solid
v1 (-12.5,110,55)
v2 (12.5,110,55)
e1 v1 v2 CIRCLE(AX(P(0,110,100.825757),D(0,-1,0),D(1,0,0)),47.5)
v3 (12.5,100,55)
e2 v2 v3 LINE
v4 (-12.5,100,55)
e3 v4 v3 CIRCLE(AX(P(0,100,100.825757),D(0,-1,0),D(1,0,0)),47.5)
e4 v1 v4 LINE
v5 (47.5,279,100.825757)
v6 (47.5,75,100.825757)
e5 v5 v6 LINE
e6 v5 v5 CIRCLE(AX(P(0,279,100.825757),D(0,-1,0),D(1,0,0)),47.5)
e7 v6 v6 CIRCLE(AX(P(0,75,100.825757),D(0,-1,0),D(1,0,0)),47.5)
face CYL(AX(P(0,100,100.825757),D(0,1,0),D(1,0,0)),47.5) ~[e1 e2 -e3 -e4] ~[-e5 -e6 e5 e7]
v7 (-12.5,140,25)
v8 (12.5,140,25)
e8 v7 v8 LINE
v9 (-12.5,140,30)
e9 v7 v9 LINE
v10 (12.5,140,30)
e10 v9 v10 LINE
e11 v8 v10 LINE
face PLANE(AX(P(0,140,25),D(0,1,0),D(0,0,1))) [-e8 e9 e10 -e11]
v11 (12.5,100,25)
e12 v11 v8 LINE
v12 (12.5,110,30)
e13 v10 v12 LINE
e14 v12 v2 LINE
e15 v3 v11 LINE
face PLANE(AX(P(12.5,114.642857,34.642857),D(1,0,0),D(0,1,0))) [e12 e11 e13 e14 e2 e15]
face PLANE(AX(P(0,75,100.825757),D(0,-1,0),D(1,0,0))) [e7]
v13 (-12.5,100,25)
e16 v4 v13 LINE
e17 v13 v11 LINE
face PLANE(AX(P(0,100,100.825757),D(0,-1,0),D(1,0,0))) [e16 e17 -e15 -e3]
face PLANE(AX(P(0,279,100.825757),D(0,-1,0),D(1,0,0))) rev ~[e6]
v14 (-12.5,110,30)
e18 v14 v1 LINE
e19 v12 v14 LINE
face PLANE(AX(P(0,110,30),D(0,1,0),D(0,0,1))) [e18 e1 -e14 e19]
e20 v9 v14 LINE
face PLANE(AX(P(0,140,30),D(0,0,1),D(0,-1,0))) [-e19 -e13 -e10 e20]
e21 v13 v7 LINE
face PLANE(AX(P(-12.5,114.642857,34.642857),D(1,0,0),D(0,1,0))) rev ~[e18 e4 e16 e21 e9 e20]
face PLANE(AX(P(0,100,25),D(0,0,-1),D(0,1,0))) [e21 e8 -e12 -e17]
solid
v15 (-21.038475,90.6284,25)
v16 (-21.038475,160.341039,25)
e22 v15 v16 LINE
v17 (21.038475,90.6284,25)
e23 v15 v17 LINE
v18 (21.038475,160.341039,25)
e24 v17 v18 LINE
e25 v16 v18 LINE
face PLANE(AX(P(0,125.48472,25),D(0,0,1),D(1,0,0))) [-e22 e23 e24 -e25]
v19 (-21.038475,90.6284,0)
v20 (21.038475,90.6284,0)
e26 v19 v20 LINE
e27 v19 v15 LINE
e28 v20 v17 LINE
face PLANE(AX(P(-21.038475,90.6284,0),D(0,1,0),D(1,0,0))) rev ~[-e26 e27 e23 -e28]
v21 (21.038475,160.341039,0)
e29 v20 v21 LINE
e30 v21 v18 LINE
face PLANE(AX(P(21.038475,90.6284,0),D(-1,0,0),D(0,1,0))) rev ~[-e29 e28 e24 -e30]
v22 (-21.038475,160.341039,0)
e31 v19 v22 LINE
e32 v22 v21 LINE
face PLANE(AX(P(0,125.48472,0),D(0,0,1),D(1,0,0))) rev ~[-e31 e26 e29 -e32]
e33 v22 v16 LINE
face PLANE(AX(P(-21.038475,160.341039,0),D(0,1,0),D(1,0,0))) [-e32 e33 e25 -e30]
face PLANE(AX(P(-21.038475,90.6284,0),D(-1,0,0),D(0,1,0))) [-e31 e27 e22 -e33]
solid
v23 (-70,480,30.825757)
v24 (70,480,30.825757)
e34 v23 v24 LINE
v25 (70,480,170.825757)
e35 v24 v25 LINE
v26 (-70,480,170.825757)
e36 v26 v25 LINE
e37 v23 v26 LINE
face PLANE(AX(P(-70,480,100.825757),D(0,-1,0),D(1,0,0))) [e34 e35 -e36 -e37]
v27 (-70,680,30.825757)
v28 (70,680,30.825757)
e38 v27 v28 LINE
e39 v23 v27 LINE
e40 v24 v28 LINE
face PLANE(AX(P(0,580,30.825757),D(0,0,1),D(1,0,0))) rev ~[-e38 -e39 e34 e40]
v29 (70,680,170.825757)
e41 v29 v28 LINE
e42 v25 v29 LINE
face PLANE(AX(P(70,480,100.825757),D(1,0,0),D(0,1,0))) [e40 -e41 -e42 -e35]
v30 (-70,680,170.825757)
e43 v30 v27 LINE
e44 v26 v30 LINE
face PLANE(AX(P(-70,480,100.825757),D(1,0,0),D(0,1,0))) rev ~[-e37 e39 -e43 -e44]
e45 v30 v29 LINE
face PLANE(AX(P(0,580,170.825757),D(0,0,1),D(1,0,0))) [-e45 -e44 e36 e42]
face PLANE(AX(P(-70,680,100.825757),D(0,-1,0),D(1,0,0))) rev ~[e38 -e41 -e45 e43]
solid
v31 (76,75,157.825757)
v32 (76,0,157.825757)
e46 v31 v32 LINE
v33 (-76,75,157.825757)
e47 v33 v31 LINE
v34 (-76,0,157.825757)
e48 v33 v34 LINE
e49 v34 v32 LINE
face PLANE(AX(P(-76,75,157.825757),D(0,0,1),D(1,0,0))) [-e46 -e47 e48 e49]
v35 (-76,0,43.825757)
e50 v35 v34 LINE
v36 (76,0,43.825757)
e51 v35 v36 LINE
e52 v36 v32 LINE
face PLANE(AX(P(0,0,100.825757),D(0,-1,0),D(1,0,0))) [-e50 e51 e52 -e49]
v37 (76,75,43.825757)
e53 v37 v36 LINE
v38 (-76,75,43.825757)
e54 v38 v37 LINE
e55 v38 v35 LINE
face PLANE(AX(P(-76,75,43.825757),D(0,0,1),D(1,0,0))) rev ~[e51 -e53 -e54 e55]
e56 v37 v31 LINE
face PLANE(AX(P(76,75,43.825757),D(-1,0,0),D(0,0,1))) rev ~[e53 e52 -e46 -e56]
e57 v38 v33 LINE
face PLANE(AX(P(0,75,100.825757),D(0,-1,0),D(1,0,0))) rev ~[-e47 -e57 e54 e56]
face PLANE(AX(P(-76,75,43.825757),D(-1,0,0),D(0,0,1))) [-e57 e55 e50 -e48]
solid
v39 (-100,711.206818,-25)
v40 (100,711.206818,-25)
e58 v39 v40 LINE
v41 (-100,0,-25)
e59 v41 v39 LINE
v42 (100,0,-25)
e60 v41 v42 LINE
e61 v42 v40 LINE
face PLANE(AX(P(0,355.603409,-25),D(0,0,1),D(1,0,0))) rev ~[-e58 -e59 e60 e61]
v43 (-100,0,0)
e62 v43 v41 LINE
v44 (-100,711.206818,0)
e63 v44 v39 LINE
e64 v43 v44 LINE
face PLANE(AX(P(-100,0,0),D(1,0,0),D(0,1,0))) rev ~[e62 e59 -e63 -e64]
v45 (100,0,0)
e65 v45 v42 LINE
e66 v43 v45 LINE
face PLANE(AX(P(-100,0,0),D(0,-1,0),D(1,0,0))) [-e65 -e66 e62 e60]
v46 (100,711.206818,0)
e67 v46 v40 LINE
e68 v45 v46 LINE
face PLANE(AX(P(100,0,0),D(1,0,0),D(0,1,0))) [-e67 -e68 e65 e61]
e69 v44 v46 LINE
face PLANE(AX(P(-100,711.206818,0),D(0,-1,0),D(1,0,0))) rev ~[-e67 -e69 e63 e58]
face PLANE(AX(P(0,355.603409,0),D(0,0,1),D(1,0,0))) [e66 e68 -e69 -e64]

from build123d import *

# Parameters (mm, degrees)
F0_W          = 200
F0_H          = 711.206817627
F1_DEPTH      = 25
F3_DEPTH      = 12.5
F5_R          = 47.5
F6_DEPTH      = 179
F6_DEPTH_BACK = 25
F7_W          = 152
F7_H          = 114
F8_DEPTH      = 75
F9_W          = 42.0769490302
F9_H          = 69.712638855
F10_DEPTH     = 25
F12_W         = 140
F12_H         = 200
F13_DEPTH     = 70


with BuildPart() as f1:
    # F0 (on Top) → F1 (new body)
    with BuildSketch(Plane.XY):
        with Locations((0, 355.6034088135)):
            Rectangle(F0_W, F0_H)
    extrude(amount=-F1_DEPTH)


with BuildPart() as f3:
    # F2 (on Right) → F3 (new body, symmetric)
    with BuildSketch(Plane.YZ):
        Polygon((100, 55), (100, 25), (140, 25), (140, 30), (110, 30), (110, 55), align=None)
    extrude(amount=F3_DEPTH, both=True)

    # F5 (on offset) → F6 (join, two sides)
    with BuildSketch(Plane.XZ.offset(-100)) as f6_sk:
        with Locations((0, 100.8257569496)):
            Circle(F5_R)
    extrude(amount=-F6_DEPTH)
    extrude(f6_sk.sketch, amount=F6_DEPTH_BACK)


with BuildPart() as f8:
    # F7 (on face) → F8 (new body)
    with BuildSketch(Plane.XZ.offset(-75)):
        with Locations((0, 100.8257569496)):
            Rectangle(F7_W, F7_H)
    extrude(amount=F8_DEPTH)


with BuildPart() as f10:
    # F9 (on face) → F10 (new body, through all)
    with BuildSketch(Plane.XY):
        with Locations((0, 125.4847198725)):
            Rectangle(F9_W, F9_H)
    extrude(amount=F10_DEPTH)


with BuildPart() as f13:
    # F12 (on mid) → F13 (new body, symmetric)
    with BuildSketch(Plane.XY.offset(100.8257569496)):
        with Locations((0, 580)):
            Rectangle(F12_W, F12_H)
    extrude(amount=F13_DEPTH, both=True)


solid = Compound([f1.part, f3.part, f8.part, f10.part, f13.part])
